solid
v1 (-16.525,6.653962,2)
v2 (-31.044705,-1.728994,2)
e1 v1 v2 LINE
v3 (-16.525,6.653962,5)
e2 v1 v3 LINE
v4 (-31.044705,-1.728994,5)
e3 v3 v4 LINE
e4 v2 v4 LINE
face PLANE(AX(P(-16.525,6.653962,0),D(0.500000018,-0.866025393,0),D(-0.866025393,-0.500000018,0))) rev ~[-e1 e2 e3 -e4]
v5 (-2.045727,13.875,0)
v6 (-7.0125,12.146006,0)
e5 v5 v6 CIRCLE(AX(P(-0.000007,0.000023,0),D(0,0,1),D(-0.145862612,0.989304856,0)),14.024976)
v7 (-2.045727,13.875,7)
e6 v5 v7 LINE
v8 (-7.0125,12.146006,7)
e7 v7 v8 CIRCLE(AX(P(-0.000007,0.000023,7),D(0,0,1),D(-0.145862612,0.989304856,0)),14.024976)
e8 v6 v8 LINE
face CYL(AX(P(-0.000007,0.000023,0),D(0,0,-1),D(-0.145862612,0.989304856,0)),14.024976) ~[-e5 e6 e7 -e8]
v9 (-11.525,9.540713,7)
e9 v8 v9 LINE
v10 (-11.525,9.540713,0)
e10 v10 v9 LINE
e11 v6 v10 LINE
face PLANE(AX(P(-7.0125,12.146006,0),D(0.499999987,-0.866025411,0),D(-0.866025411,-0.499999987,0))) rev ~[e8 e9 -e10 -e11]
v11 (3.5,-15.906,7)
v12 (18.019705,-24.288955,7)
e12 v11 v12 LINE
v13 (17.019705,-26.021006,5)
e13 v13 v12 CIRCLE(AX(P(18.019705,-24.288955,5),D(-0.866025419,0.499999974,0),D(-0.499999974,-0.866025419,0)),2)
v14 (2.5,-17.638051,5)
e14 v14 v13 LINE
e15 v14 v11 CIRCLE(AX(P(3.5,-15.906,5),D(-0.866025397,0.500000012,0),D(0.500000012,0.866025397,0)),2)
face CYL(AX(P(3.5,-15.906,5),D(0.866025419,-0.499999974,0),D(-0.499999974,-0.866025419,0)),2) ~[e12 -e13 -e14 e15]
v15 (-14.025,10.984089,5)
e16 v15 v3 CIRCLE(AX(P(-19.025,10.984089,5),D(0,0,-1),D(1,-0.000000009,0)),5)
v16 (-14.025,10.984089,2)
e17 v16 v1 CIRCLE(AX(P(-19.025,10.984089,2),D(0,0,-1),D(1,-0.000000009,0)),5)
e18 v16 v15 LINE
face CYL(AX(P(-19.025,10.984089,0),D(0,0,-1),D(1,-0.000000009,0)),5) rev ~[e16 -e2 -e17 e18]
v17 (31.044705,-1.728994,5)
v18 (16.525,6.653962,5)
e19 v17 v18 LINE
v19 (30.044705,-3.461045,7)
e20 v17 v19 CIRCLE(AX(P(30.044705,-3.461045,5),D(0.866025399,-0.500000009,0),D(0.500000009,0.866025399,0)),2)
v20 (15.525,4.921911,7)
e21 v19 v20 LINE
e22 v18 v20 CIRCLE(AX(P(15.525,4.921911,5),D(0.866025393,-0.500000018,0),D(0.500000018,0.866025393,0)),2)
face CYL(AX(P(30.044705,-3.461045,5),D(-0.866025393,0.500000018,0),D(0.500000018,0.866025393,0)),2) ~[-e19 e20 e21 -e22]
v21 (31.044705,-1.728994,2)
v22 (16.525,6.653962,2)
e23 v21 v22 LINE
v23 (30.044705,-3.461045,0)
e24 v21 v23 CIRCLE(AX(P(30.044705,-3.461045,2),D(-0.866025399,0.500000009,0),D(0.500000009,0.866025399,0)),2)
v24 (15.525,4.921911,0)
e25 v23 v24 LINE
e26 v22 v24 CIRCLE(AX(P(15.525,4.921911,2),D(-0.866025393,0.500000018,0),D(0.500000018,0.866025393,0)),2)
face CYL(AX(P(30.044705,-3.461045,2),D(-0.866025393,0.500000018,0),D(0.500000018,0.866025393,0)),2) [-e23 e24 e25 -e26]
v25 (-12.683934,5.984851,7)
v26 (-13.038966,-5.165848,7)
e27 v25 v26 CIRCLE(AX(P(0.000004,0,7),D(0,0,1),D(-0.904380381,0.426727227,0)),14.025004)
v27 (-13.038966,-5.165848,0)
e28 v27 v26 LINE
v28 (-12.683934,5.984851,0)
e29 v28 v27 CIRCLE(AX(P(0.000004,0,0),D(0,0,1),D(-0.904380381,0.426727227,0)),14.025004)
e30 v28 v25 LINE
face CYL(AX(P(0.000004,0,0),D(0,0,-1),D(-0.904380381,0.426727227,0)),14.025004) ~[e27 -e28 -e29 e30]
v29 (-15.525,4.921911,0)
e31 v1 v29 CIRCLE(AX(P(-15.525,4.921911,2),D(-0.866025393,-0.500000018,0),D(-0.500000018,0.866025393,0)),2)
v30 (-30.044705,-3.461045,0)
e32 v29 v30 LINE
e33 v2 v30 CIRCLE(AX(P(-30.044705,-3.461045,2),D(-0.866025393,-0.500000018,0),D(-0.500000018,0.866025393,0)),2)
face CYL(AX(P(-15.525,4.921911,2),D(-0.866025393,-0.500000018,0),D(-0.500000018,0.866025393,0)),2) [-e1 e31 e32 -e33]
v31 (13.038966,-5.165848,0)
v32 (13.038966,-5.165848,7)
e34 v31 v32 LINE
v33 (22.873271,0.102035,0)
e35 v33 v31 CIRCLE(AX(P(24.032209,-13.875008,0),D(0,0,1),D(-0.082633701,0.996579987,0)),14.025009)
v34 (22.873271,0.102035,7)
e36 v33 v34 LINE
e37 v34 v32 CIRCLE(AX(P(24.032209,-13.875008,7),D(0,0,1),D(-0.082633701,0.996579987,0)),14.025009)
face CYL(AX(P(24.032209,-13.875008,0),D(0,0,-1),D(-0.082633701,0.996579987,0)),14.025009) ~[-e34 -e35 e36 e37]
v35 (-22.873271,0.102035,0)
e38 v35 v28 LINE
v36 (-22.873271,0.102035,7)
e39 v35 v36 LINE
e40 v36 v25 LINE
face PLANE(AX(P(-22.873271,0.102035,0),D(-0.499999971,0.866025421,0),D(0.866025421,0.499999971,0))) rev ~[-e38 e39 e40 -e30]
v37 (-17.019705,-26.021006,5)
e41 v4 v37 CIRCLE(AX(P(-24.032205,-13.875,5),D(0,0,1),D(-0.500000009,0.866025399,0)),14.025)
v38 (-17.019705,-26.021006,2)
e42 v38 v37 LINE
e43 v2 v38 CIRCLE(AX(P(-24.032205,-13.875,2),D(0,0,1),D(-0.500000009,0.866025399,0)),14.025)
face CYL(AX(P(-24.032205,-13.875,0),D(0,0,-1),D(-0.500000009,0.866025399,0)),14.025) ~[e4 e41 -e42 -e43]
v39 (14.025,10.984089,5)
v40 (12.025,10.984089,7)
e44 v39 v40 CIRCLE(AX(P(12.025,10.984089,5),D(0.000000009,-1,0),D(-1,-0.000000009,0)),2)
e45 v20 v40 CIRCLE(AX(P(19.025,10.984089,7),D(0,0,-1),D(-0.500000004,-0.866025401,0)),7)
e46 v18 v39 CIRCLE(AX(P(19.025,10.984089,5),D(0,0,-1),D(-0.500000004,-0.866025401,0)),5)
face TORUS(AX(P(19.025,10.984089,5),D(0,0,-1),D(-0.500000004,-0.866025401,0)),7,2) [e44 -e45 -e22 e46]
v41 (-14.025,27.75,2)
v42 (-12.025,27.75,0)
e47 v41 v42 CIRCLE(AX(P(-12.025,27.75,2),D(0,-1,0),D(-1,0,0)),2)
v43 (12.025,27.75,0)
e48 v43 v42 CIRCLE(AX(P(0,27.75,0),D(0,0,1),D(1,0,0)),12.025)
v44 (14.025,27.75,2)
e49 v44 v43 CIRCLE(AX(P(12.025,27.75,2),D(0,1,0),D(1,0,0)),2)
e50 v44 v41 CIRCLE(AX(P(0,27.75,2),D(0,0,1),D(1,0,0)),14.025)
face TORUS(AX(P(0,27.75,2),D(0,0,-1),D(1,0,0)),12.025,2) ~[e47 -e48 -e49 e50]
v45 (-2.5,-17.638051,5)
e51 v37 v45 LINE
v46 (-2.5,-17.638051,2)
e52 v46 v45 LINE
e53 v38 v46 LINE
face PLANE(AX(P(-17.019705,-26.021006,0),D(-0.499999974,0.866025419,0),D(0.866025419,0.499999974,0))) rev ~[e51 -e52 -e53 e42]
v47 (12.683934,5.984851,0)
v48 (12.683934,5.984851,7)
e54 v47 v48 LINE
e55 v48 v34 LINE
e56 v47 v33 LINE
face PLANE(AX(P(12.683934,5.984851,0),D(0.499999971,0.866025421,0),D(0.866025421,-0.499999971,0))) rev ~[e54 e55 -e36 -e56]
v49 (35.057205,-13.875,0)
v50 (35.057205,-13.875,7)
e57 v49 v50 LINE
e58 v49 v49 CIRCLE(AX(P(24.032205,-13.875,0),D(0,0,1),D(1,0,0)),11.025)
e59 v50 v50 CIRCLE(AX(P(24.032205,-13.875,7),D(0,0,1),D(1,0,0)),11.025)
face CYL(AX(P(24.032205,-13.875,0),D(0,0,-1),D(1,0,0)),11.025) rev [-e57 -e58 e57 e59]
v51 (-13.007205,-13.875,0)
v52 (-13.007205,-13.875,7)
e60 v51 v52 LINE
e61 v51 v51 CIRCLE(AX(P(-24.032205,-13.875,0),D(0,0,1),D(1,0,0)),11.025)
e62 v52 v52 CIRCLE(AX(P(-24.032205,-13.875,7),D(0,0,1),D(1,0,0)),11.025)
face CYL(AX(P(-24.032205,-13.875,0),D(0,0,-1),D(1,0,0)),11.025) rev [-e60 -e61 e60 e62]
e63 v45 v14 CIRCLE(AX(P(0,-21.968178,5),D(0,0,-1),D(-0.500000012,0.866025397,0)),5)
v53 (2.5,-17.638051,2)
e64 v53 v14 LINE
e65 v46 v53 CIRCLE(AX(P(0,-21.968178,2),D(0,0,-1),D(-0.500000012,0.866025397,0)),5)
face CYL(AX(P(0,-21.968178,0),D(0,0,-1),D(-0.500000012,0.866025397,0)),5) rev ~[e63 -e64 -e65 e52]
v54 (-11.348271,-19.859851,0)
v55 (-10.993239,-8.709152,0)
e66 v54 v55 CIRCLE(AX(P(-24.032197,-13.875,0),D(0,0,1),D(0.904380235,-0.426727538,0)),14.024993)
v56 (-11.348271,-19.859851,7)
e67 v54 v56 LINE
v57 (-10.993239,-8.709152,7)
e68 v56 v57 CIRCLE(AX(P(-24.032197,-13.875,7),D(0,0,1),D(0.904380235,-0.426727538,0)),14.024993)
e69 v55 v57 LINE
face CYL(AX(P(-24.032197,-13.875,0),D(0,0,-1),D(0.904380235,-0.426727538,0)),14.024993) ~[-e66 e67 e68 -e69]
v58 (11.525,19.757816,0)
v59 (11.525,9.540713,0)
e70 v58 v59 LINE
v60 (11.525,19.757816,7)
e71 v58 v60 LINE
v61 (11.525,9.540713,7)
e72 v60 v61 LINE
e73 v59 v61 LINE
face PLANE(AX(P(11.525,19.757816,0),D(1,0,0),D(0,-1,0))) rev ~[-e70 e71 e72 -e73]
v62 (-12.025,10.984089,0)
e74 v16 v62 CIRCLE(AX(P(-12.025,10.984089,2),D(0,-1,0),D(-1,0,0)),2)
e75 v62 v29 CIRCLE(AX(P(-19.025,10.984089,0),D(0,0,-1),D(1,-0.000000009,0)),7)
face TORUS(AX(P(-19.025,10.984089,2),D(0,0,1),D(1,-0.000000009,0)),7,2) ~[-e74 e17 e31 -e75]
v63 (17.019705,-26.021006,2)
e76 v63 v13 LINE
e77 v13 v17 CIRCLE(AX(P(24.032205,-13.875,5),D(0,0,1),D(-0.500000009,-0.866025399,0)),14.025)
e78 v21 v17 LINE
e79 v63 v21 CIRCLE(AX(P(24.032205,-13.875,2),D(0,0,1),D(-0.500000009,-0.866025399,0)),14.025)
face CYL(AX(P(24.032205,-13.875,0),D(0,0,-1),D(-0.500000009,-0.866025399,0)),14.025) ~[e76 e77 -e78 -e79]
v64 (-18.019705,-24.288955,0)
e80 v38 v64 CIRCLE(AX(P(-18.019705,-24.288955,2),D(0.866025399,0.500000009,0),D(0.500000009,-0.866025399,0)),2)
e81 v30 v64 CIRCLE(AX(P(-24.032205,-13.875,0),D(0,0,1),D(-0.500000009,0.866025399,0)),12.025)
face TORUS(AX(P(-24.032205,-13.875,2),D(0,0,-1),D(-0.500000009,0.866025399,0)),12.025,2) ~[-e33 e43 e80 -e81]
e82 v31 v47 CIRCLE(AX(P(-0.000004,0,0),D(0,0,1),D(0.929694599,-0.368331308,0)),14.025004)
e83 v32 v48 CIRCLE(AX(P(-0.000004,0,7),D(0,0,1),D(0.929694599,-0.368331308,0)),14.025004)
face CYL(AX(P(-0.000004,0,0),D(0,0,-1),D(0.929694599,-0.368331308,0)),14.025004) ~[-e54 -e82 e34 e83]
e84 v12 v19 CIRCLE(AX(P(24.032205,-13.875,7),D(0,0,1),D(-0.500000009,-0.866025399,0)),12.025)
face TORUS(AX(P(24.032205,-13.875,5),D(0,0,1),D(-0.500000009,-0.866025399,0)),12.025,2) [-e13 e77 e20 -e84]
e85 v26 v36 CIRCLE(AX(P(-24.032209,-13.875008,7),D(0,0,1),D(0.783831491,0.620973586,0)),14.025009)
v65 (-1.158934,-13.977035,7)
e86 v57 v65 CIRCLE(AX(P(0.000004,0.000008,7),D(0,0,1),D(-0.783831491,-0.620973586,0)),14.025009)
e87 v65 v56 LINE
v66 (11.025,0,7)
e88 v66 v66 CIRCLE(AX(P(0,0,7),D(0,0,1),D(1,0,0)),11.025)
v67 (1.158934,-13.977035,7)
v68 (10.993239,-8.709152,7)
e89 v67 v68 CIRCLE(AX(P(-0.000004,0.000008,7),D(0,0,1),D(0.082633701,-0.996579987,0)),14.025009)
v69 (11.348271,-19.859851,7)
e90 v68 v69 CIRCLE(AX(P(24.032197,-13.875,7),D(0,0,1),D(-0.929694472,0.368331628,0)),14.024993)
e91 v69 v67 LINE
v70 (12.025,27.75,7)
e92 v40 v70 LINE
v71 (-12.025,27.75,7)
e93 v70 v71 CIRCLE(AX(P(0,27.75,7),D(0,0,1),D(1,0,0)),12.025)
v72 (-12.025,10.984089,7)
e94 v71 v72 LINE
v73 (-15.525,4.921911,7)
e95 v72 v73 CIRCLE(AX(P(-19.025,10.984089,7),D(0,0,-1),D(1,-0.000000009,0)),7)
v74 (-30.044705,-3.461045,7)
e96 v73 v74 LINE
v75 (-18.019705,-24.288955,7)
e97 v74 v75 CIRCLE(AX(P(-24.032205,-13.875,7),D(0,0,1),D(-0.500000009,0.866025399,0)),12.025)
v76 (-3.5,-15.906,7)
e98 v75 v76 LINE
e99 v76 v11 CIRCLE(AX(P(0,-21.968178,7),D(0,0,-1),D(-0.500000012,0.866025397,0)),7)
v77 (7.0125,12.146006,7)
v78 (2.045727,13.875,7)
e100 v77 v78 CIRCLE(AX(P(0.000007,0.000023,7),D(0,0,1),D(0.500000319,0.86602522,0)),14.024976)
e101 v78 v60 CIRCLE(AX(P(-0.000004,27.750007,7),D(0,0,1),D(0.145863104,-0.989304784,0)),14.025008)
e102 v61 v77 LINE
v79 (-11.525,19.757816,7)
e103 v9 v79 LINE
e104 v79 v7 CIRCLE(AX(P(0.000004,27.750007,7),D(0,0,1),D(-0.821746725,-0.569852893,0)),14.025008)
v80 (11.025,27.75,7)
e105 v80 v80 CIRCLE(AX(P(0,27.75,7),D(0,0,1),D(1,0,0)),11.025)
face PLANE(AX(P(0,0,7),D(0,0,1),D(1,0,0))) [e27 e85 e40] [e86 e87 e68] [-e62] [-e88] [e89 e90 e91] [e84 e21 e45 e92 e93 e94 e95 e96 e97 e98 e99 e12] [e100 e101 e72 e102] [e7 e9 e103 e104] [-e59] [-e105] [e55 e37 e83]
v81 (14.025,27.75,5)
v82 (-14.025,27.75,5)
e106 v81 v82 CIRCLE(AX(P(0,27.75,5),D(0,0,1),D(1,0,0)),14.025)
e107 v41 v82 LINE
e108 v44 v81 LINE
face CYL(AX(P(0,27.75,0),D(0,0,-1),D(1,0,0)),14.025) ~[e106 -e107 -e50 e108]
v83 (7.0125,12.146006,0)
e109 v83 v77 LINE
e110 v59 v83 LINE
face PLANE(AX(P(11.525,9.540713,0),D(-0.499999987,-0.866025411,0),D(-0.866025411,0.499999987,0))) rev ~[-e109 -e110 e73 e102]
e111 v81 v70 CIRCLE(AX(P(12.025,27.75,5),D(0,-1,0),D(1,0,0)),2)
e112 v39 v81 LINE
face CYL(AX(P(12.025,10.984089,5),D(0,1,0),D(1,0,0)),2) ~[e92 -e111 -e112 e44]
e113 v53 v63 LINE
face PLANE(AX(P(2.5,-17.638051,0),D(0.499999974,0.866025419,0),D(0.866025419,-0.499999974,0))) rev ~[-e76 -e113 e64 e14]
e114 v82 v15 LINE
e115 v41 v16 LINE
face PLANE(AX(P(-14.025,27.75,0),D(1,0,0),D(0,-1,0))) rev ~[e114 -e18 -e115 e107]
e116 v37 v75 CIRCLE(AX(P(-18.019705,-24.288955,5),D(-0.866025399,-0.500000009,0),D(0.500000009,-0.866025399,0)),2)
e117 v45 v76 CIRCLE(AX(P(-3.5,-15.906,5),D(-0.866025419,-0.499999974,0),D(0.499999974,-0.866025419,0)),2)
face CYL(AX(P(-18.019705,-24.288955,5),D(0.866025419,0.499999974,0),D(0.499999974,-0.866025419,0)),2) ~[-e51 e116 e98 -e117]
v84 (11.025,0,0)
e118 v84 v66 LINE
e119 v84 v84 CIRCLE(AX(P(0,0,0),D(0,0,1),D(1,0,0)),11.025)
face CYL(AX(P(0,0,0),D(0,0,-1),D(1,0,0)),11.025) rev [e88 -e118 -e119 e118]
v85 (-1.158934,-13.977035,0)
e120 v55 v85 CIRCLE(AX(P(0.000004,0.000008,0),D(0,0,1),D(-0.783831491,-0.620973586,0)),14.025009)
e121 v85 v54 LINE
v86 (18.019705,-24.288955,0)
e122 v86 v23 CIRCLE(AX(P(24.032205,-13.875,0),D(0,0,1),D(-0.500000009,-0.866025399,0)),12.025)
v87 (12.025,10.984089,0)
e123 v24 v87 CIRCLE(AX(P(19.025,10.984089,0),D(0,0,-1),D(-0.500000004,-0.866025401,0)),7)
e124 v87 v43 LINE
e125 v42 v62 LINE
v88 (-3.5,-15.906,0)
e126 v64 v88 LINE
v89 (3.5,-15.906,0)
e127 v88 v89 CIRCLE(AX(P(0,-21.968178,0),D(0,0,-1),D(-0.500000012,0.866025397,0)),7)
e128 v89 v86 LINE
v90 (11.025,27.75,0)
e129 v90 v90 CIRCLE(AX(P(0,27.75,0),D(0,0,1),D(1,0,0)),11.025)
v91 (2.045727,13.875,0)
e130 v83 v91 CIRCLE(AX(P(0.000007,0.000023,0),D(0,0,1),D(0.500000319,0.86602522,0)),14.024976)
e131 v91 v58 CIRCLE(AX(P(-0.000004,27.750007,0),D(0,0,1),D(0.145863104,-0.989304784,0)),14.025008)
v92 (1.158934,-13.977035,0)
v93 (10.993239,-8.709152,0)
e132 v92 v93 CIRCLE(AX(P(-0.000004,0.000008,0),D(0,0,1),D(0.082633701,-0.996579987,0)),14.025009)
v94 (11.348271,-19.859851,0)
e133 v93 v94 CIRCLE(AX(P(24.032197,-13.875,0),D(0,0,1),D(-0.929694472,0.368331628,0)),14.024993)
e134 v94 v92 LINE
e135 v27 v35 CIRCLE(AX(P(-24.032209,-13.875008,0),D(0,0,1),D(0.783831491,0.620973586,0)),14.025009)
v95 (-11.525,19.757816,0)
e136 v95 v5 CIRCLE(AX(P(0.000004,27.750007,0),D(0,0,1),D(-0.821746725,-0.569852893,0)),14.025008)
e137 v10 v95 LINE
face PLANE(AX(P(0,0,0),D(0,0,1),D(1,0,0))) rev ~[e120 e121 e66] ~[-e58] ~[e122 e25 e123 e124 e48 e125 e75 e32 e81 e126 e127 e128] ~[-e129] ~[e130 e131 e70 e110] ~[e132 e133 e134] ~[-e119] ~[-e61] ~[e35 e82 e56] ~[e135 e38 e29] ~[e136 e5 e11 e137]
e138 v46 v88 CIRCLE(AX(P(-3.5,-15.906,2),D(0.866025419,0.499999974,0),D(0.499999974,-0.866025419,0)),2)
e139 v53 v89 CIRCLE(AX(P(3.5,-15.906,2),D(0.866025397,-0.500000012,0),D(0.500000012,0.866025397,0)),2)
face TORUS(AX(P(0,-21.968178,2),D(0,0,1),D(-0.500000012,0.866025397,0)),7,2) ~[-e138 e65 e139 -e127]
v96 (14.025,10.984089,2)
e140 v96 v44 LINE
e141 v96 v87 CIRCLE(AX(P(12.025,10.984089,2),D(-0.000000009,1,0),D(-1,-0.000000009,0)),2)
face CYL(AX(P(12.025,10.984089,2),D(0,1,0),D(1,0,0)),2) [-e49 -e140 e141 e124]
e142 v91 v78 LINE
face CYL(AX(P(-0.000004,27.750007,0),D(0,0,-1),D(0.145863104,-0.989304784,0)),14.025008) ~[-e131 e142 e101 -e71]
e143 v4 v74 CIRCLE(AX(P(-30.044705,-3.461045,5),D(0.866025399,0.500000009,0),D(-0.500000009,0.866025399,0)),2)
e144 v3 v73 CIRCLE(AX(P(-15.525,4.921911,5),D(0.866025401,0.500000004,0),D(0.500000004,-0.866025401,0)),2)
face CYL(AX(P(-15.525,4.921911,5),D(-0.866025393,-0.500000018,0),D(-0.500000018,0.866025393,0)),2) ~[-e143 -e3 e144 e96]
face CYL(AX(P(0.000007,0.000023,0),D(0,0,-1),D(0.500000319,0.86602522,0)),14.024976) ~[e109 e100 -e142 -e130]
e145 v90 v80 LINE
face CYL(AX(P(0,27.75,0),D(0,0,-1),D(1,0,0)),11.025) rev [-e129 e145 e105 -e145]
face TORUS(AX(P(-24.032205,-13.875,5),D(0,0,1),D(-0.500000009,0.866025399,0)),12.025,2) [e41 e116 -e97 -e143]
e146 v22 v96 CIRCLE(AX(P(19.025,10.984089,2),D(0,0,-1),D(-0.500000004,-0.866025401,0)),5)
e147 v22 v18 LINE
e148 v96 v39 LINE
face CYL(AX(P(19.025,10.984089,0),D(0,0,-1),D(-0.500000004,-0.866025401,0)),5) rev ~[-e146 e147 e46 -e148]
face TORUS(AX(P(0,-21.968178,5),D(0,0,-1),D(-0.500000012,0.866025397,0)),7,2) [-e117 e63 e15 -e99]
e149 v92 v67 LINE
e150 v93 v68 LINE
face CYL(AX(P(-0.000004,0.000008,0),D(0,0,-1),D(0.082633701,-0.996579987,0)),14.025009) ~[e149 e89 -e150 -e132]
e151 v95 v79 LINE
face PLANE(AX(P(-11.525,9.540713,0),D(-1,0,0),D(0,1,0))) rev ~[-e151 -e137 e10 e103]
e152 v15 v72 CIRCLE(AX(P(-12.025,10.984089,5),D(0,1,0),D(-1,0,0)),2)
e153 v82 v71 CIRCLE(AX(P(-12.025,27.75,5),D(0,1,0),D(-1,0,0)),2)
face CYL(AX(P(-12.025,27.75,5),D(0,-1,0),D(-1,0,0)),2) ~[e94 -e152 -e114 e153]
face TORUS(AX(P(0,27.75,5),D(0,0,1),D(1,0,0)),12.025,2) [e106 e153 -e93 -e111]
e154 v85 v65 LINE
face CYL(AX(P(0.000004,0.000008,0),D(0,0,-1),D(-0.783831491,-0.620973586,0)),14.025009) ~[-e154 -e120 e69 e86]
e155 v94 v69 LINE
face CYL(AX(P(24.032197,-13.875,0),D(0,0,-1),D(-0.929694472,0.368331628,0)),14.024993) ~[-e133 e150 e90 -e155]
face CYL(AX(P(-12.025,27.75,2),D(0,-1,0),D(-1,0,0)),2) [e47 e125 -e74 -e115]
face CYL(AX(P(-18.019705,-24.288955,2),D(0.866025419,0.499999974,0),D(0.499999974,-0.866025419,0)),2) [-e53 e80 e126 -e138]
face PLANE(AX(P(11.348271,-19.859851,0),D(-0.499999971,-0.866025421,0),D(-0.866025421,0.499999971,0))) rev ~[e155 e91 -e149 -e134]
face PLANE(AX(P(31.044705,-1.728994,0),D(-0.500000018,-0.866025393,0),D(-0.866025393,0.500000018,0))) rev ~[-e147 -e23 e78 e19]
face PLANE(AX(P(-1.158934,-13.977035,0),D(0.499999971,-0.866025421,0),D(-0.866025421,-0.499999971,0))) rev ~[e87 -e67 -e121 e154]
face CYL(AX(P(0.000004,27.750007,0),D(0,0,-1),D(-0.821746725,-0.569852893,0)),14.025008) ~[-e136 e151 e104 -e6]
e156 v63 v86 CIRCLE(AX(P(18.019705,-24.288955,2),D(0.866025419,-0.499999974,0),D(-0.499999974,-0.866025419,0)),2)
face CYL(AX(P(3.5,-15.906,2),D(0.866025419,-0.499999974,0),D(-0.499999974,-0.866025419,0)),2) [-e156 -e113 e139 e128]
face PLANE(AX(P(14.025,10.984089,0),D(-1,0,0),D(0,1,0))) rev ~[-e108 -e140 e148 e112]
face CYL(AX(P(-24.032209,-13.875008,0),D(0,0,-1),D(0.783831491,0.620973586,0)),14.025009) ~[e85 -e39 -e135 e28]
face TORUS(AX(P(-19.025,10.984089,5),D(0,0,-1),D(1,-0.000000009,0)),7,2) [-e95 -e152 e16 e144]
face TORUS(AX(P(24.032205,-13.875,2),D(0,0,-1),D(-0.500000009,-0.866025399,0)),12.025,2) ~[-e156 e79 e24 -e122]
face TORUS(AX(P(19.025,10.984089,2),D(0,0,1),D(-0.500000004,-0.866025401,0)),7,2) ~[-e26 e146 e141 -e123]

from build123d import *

# Parameters (mm, degrees)
F0_R     = 11.025
F1_DEPTH = 7
F2_R     = 2


with BuildPart() as f1:
    # F0 (on Top) → F1 (new body)
    with BuildSketch(Plane.XY):
        with BuildLine():
            ThreePointArc((14.025, 27.75), (0, 41.775), (-14.025, 27.75))
            Line((-14.025, 27.75), (-14.025, 10.984089))
            ThreePointArc((-14.025, 10.984089), (-14.694873, 8.484089), (-16.525, 6.653962))
            Line((-16.525, 6.653962), (-31.044705, -1.728994))
            ThreePointArc((-31.044705, -1.728994), (-36.178211, -20.8875), (-17.019705, -26.021006))
            Line((-17.019705, -26.021006), (-2.5, -17.638051))
            ThreePointArc((-2.5, -17.638051), (0, -16.968178), (2.5, -17.638051))
            Line((2.5, -17.638051), (17.019705, -26.021006))
            ThreePointArc((17.019705, -26.021006), (36.178211, -20.8875), (31.044705, -1.728994))
            Line((31.044705, -1.728994), (16.525, 6.653962))
            ThreePointArc((16.525, 6.653962), (14.694873, 8.484089), (14.025, 10.984089))
            Line((14.025, 10.984089), (14.025, 27.75))
        make_face()
        with Locations((-24.032205, -13.875)):
            Circle(F0_R, mode=Mode.SUBTRACT)
        with BuildLine():
            Line((-1.158934, -13.977035), (-11.348271, -19.859851))
            ThreePointArc((-11.348271, -19.859851), (-10.014308, -14.321322), (-10.993239, -8.709152))
            ThreePointArc((-10.993239, -8.709152), (-6.622422, -12.363015), (-1.158934, -13.977035))
        make_face(mode=Mode.SUBTRACT)
        with BuildLine():
            ThreePointArc((-12.683934, 5.984851), (-14.017896, 0.446322), (-13.038966, -5.165848))
            ThreePointArc((-13.038966, -5.165848), (-17.409783, -1.511985), (-22.873271, 0.102035))
            Line((-22.873271, 0.102035), (-12.683934, 5.984851))
        make_face(mode=Mode.SUBTRACT)
        with BuildLine():
            ThreePointArc((1.158934, -13.977035), (6.622422, -12.363015), (10.993239, -8.709152))
            ThreePointArc((10.993239, -8.709152), (10.014308, -14.321322), (11.348271, -19.859851))
            Line((11.348271, -19.859851), (1.158934, -13.977035))
        make_face(mode=Mode.SUBTRACT)
        with Locations((24.032205, -13.875)):
            Circle(F0_R, mode=Mode.SUBTRACT)
        Circle(F0_R, mode=Mode.SUBTRACT)
        with BuildLine():
            Line((12.683934, 5.984851), (22.873271, 0.102035))
            ThreePointArc((22.873271, 0.102035), (17.409783, -1.511985), (13.038966, -5.165848))
            ThreePointArc((13.038966, -5.165848), (14.017896, 0.446322), (12.683934, 5.984851))
        make_face(mode=Mode.SUBTRACT)
        with BuildLine():
            ThreePointArc((-11.525, 19.757816), (-7.395474, 15.833307), (-2.045727, 13.875))
            ThreePointArc((-2.045727, 13.875), (-4.610881, 13.245392), (-7.0125, 12.146006))
            Line((-7.0125, 12.146006), (-11.525, 9.540713))
            Line((-11.525, 9.540713), (-11.525, 19.757816))
        make_face(mode=Mode.SUBTRACT)
        with BuildLine():
            ThreePointArc((7.0125, 12.146006), (4.610881, 13.245392), (2.045727, 13.875))
            ThreePointArc((2.045727, 13.875), (7.395474, 15.833307), (11.525, 19.757816))
            Line((11.525, 19.757816), (11.525, 9.540713))
            Line((11.525, 9.540713), (7.0125, 12.146006))
        make_face(mode=Mode.SUBTRACT)
        with Locations((0, 27.75)):
            Circle(F0_R, mode=Mode.SUBTRACT)
    extrude(amount=F1_DEPTH)

    # F2
    f2_edges = [f1.edges().sort_by_distance(p)[0] for p in [
        (-36.178211, -20.8875, 7),
        (-9.759852, -21.829529, 7),
        (0, -16.968178, 7),
        (9.759852, -21.829529, 7),
        (36.178211, -20.8875, 7),
        (23.784852, 2.462484, 7),
        (14.694873, 8.484089, 7),
        (-23.784852, 2.462484, 7),
        (-14.694873, 8.484089, 7),
        (0, 41.775, 7),
        (14.025, 19.367044, 7),
        (-23.784852, 2.462484, 0),
        (-36.178211, -20.8875, 0),
    ]]
    fillet(f2_edges, radius=F2_R)


solid = f1.part
